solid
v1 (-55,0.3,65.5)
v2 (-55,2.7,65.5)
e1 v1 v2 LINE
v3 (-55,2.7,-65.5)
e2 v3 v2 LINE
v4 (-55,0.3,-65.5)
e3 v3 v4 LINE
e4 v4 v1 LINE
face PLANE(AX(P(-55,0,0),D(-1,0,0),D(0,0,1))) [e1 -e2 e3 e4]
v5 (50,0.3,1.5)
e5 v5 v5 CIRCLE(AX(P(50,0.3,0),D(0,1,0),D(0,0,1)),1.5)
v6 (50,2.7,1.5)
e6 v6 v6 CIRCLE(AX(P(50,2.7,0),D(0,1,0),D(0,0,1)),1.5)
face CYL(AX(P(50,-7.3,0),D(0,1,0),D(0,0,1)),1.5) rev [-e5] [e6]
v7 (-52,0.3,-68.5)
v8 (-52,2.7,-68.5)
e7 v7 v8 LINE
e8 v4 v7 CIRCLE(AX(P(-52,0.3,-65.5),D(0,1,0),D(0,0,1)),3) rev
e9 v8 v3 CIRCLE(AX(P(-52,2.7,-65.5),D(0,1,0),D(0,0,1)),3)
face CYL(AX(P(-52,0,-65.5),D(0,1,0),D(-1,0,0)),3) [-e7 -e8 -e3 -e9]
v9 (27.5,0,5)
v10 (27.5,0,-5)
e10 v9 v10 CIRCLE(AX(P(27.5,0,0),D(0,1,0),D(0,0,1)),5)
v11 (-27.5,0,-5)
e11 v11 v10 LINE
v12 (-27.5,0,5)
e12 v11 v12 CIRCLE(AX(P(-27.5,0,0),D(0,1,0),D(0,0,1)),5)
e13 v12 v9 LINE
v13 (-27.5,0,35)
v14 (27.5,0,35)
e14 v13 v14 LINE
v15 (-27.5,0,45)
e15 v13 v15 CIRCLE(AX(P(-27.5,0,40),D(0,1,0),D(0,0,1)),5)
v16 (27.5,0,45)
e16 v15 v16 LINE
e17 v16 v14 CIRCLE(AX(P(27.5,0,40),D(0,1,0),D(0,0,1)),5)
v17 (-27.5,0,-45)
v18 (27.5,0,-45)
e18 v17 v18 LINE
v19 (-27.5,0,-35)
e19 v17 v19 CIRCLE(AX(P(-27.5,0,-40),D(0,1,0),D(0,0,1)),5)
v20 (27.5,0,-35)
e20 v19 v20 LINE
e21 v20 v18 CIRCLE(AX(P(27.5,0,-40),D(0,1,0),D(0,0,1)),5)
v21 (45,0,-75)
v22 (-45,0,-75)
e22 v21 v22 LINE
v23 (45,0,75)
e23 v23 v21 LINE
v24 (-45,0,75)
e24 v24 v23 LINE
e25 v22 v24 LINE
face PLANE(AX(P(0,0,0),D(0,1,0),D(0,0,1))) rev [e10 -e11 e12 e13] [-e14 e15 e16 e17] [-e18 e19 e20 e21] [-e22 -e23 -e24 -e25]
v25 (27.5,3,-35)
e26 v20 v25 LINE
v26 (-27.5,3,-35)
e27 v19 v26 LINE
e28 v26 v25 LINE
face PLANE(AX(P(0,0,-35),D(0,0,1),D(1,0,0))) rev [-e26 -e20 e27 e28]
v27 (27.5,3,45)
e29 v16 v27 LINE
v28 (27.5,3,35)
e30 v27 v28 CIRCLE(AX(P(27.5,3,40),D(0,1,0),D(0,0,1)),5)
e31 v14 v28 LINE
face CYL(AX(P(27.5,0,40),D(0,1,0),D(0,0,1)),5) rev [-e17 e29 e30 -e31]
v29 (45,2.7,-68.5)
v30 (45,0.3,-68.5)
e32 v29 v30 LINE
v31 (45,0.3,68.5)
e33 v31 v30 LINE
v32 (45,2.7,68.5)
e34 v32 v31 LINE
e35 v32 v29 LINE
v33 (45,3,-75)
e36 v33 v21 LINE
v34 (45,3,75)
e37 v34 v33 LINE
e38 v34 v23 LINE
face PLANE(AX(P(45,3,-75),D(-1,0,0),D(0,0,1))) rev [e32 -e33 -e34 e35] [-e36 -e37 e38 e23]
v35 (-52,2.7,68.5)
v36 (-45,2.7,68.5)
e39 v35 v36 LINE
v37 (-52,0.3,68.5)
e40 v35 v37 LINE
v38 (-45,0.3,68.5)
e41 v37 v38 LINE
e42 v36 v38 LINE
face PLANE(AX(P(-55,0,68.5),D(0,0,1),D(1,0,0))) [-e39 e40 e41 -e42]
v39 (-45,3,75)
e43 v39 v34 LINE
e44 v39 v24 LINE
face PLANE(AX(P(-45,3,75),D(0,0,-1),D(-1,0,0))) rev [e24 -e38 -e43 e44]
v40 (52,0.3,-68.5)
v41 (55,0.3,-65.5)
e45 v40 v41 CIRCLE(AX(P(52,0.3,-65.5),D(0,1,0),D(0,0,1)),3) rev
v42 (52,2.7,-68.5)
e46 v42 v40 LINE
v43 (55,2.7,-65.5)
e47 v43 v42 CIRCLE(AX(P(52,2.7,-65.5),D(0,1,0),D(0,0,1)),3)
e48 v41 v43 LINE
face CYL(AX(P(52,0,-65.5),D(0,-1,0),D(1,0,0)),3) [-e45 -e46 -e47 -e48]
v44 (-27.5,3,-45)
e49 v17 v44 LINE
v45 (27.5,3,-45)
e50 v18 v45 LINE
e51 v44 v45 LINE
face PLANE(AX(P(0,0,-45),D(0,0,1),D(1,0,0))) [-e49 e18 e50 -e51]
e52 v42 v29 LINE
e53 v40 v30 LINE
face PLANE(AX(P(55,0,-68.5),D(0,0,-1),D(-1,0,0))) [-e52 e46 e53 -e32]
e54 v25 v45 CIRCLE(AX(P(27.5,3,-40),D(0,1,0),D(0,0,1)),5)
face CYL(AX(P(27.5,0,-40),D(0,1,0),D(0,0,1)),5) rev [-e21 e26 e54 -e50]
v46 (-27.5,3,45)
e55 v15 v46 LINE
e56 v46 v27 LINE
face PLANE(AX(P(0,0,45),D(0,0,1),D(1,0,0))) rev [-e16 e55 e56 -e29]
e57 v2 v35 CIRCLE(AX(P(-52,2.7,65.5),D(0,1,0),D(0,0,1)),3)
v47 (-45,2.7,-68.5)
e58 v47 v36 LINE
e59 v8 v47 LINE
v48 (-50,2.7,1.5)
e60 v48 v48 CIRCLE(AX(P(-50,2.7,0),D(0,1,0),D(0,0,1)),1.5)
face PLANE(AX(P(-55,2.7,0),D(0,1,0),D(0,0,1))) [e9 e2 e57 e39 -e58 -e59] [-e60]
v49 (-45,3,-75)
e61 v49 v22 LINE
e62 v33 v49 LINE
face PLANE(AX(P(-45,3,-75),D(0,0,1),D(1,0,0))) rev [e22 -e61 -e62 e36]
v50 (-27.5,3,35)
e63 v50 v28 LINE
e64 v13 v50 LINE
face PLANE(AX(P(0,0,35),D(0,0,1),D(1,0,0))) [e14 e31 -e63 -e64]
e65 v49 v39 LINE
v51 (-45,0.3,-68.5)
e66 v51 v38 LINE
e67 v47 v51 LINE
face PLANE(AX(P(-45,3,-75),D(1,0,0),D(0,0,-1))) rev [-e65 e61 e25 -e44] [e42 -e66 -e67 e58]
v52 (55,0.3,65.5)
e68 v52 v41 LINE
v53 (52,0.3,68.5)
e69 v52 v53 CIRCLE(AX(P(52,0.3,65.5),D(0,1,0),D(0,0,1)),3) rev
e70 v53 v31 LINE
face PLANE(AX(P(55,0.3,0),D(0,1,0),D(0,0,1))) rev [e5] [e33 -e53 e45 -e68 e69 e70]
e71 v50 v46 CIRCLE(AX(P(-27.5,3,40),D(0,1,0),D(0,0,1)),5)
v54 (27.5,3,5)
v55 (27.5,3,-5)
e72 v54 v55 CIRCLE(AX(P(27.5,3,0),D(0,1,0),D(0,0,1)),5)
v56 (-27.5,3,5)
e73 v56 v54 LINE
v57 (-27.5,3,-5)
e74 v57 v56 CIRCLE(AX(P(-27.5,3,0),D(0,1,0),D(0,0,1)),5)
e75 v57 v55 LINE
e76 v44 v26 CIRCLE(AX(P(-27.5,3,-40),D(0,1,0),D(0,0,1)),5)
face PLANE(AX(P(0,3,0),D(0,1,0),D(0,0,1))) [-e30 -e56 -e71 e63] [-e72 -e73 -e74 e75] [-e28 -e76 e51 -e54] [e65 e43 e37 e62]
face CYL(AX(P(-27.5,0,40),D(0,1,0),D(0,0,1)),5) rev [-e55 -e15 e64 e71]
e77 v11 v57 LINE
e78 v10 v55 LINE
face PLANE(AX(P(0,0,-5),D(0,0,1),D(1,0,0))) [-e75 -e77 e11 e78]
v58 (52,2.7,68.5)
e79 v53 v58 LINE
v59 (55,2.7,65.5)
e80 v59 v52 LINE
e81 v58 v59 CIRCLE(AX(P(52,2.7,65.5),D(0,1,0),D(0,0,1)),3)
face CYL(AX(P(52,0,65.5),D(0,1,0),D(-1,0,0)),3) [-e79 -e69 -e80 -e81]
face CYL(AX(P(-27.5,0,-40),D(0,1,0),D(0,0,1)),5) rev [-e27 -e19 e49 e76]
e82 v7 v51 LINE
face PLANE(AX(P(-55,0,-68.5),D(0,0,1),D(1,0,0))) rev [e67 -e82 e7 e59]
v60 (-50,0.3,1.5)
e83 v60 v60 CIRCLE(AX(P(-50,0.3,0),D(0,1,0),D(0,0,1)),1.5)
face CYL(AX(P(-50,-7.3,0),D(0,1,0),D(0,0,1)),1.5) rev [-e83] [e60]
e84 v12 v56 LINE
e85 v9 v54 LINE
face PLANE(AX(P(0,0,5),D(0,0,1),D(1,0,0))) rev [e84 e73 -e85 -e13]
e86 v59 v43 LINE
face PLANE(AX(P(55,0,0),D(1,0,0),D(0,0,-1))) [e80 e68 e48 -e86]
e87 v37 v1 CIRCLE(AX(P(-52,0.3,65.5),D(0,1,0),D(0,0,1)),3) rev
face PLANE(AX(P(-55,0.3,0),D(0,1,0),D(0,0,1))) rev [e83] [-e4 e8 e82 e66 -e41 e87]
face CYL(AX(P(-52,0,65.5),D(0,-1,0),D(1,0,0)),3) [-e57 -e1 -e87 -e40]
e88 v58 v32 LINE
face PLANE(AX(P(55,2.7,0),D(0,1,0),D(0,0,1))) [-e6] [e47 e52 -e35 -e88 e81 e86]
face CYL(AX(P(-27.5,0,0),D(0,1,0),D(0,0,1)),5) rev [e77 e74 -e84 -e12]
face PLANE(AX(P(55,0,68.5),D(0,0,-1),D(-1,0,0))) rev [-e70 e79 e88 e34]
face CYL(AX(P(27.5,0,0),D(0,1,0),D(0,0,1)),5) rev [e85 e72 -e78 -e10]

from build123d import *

# Parameters (mm, degrees)
SKETCH_1_W          = 90
SKETCH_1_H          = 150
EXTRUDE_1_DEPTH     = 3
CUT_EXTRUDE_1_DEPTH = 3
SKETCH_4_W          = 137
SKETCH_4_H          = 1.2
EXTRUDE_2_DEPTH     = 10
SKETCH_5_W          = 137
SKETCH_5_H          = 1.2
EXTRUDE_3_DEPTH     = 10
FILLET_1_R          = 3
SKETCH_6_R          = 1.5
CUT_EXTRUDE_2_DEPTH = 10
SKETCH_7_R          = 1.5
CUT_EXTRUDE_3_DEPTH = 10


with BuildPart() as part:
    # 草图1 → 凸台-拉伸1 (new body)
    with BuildSketch(Plane(origin=(0, 0, 0), x_dir=(1, 0, 0), z_dir=(0, 1, 0))):
        Rectangle(SKETCH_1_W, SKETCH_1_H)
    extrude(amount=EXTRUDE_1_DEPTH)

    # 草图2 → 切除-拉伸1 (cut)
    with BuildSketch(Plane(origin=(0, 3, 0), x_dir=(1, 0, 0), z_dir=(0, 1, 0))):
        with BuildLine():
            Line((-32.5, 40), (0, 40))
            Line((0, 40), (0, 45))
            Line((0, 45), (-27.5, 45))
            ThreePointArc((-27.5, 45), (-31.035533906, 43.535533906), (-32.5, 40))
        make_face()
        with BuildLine():
            Line((0, 45), (0, 40))
            Line((0, 40), (32.5, 40))
            ThreePointArc((32.5, 40), (31.035533906, 43.535533906), (27.5, 45))
            Line((27.5, 45), (0, 45))
        make_face()
        with BuildLine():
            Line((-27.5, 35), (0, 35))
            Line((0, 35), (0, 40))
            Line((0, 40), (-32.5, 40))
            ThreePointArc((-32.5, 40), (-31.035533906, 36.464466094), (-27.5, 35))
        make_face()
        with BuildLine():
            Line((0, 40), (0, 35))
            Line((0, 35), (27.5, 35))
            ThreePointArc((27.5, 35), (31.035533906, 36.464466094), (32.5, 40))
            Line((32.5, 40), (0, 40))
        make_face()
        with BuildLine():
            ThreePointArc((-27.5, 5), (-31.035533906, 3.535533906), (-32.5, 0))
            Line((-32.5, 0), (0, 0))
            Line((0, 0), (0, 5))
            Line((0, 5), (-27.5, 5))
        make_face()
        with BuildLine():
            Line((0, 5), (0, 0))
            Line((0, 0), (32.5, 0))
            ThreePointArc((32.5, 0), (31.035533906, 3.535533906), (27.5, 5))
            Line((27.5, 5), (0, 5))
        make_face()
        with BuildLine():
            Line((32.5, 0), (0, 0))
            Line((0, 0), (0, -5))
            Line((0, -5), (27.5, -5))
            ThreePointArc((27.5, -5), (31.035533906, -3.535533906), (32.5, 0))
        make_face()
        with BuildLine():
            Line((0, 0), (-32.5, 0))
            ThreePointArc((-32.5, 0), (-31.035533906, -3.535533906), (-27.5, -5))
            Line((-27.5, -5), (0, -5))
            Line((0, -5), (0, 0))
        make_face()
        with BuildLine():
            Line((0, -40), (0, -35))
            Line((0, -35), (-27.5, -35))
            ThreePointArc((-27.5, -35), (-31.035533906, -36.464466094), (-32.5, -40))
            Line((-32.5, -40), (0, -40))
        make_face()
        with BuildLine():
            Line((27.5, -35), (0, -35))
            Line((0, -35), (0, -40))
            Line((0, -40), (32.5, -40))
            ThreePointArc((32.5, -40), (31.035533906, -36.464466094), (27.5, -35))
        make_face()
        with BuildLine():
            Line((0, -45), (0, -40))
            Line((0, -40), (-32.5, -40))
            ThreePointArc((-32.5, -40), (-31.035533906, -43.535533906), (-27.5, -45))
            Line((-27.5, -45), (0, -45))
        make_face()
        with BuildLine():
            Line((32.5, -40), (0, -40))
            Line((0, -40), (0, -45))
            Line((0, -45), (27.5, -45))
            ThreePointArc((27.5, -45), (31.035533906, -43.535533906), (32.5, -40))
        make_face()
    extrude(amount=-CUT_EXTRUDE_1_DEPTH, mode=Mode.SUBTRACT)

    # 草图4 → 凸台-拉伸2 (add)
    with BuildSketch(Plane(origin=(45, 0, 0), x_dir=(0, 0, -1), z_dir=(1, 0, 0))):
        with Locations((0, 0.9)):
            Rectangle(SKETCH_4_W, SKETCH_4_H)
        with Locations((0, 2.1)):
            Rectangle(SKETCH_4_W, SKETCH_4_H)
    extrude(amount=EXTRUDE_2_DEPTH)

    # 草图5 → 凸台-拉伸3 (add)
    with BuildSketch(Plane.ZY.offset(45)):
        with Locations((0, 2.1)):
            Rectangle(SKETCH_5_W, SKETCH_5_H)
        with Locations((0, 0.9)):
            Rectangle(SKETCH_5_W, SKETCH_5_H)
    extrude(amount=EXTRUDE_3_DEPTH)

    # 圆角1
    fillet_1_edges = [part.edges().sort_by_distance(p)[0] for p in [
        (55, 1.5, -68.5),
        (55, 1.5, 68.5),
        (-55, 1.5, 68.5),
        (-55, 1.5, -68.5),
    ]]
    fillet(fillet_1_edges, radius=FILLET_1_R)

    # 草图6 → 切除-拉伸2 (cut)
    with BuildSketch(Plane(origin=(0, 2.7, 0), x_dir=(1, 0, 0), z_dir=(0, 1, 0))):
        with Locations((50, 0)):
            Circle(SKETCH_6_R)
    extrude(amount=-CUT_EXTRUDE_2_DEPTH, mode=Mode.SUBTRACT)

    # 草图7 → 切除-拉伸3 (cut)
    with BuildSketch(Plane(origin=(0, 2.7, 0), x_dir=(1, 0, 0), z_dir=(0, 1, 0))):
        with Locations((-50, 0)):
            Circle(SKETCH_7_R)
    extrude(amount=-CUT_EXTRUDE_3_DEPTH, mode=Mode.SUBTRACT)


solid = part.part
